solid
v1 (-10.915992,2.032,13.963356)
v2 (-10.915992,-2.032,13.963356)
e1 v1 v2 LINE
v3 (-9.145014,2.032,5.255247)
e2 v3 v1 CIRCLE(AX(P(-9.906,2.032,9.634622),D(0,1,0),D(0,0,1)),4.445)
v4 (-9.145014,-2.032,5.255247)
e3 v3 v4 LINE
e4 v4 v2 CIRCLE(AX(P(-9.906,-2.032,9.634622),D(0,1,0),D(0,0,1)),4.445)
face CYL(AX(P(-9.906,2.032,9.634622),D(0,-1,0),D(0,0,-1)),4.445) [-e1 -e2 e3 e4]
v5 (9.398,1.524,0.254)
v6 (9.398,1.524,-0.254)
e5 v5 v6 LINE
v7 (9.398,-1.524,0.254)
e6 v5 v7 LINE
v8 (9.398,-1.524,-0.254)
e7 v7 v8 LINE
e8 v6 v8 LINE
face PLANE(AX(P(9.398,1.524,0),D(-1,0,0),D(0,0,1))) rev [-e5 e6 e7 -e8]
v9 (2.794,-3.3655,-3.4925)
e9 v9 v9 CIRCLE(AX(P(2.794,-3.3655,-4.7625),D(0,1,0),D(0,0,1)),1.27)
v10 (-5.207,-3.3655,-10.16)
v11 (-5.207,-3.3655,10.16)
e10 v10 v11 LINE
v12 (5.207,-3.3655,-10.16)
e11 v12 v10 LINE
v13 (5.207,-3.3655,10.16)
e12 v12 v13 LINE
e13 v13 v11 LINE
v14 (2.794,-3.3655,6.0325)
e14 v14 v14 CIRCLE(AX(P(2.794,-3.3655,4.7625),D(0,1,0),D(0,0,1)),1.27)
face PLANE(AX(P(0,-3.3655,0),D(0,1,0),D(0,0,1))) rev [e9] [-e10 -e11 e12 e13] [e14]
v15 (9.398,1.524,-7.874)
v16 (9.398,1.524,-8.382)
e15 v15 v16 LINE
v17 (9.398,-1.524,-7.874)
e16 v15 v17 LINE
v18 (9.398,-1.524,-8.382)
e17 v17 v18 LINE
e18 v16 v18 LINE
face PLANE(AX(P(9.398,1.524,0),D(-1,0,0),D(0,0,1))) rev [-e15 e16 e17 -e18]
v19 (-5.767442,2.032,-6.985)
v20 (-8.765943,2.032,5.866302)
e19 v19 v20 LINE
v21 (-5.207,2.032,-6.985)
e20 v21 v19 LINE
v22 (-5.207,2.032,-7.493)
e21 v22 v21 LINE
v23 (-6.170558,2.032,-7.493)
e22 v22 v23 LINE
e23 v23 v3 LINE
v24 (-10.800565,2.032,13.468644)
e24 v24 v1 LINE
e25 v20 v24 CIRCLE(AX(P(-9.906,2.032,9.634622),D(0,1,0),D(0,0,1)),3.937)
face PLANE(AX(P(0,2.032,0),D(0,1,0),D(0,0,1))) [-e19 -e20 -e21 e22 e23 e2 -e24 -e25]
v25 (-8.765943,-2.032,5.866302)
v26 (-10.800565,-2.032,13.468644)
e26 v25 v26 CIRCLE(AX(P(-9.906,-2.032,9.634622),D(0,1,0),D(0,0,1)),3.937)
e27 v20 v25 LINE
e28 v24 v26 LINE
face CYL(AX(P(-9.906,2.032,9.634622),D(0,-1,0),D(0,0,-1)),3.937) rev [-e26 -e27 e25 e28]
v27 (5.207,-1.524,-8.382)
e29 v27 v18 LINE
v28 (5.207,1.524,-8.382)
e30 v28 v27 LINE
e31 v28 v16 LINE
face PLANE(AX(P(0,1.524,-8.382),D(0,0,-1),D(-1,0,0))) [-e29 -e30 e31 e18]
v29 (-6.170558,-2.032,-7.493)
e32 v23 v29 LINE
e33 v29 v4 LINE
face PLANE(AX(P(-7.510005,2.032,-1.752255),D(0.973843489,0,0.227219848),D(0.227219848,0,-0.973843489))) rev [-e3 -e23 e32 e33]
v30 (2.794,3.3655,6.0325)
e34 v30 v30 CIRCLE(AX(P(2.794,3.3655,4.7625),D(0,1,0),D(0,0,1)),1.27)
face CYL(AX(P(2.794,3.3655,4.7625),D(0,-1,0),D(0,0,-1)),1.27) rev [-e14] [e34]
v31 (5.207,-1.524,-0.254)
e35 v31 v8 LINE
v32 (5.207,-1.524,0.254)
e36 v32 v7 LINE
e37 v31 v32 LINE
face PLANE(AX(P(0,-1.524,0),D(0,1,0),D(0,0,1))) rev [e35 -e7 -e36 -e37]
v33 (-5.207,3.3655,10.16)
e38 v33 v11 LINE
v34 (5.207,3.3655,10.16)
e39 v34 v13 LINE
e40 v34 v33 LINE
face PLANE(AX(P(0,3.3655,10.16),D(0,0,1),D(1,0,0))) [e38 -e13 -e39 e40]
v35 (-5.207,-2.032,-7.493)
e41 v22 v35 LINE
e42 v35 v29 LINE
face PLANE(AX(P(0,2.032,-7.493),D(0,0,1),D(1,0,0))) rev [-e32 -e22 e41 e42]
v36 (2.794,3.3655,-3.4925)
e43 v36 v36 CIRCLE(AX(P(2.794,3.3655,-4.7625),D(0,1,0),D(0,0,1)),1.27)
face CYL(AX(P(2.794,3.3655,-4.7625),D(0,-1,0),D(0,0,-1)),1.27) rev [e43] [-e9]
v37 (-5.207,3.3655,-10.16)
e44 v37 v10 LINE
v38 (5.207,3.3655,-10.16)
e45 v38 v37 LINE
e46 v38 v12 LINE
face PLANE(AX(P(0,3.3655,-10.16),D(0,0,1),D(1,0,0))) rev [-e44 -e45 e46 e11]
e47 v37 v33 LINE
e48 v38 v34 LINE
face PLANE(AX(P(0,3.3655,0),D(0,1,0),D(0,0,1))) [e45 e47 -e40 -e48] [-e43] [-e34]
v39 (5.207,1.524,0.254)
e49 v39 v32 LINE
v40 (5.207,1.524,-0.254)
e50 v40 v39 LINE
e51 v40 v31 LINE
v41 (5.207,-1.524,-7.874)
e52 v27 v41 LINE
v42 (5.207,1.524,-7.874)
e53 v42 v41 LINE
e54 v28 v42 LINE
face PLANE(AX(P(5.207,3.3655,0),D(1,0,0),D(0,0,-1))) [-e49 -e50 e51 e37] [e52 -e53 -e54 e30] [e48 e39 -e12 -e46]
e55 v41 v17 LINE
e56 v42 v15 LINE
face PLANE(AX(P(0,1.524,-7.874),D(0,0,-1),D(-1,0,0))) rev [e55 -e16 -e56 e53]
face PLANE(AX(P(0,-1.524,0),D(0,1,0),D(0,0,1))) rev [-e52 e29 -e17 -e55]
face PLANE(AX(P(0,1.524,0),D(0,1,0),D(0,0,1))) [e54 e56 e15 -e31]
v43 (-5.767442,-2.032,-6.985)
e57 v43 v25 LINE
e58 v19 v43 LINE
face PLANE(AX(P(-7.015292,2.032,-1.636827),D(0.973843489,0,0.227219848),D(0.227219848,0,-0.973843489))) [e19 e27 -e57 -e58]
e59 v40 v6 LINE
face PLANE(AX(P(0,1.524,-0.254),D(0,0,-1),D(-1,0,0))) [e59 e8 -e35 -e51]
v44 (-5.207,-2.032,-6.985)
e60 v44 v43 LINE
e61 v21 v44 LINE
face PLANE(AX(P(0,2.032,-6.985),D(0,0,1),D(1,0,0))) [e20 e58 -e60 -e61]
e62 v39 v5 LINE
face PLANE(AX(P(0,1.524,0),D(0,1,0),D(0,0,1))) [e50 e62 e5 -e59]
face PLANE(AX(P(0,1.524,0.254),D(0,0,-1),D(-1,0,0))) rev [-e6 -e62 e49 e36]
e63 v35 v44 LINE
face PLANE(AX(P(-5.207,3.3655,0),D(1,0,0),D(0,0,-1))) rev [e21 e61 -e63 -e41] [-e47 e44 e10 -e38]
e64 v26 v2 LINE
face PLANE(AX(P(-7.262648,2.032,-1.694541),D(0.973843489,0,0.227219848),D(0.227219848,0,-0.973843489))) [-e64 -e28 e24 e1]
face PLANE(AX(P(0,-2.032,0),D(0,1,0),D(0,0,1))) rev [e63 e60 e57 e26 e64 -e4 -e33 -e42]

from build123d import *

# Parameters (mm, degrees)
SKETCH1_R           = 1.27
BOSS_EXTRUDE1_DEPTH = 3.3655
SKETCH1_3_W         = 4.191
SKETCH1_3_H         = 0.508
BOSS_EXTRUDE2_DEPTH = 1.524
BOSS_EXTRUDE3_DEPTH = 2.032


with BuildPart() as part:
    # Sketch1 → Boss-Extrude1 (new, symmetric)
    with BuildSketch(Plane(origin=(0, 0, 0), x_dir=(1, 0, 0), z_dir=(0, 1, 0))):
        Polygon((5.207, 8.382), (5.207, 10.16), (-5.207, 10.16), (-5.207, 7.493), (-5.207, 6.985), (-5.207, -10.16), (5.207, -10.16), (5.207, -0.254), (5.207, 0.254), (5.207, 7.874), align=None)
        with Locations((2.794, -4.7625)):
            Circle(SKETCH1_R, mode=Mode.SUBTRACT)
        with Locations((2.794, 4.7625)):
            Circle(SKETCH1_R, mode=Mode.SUBTRACT)
    extrude(amount=BOSS_EXTRUDE1_DEPTH, both=True)

    # Sketch1<3> → Boss-Extrude2 (add, symmetric)
    with BuildSketch(Plane(origin=(0, 0, 0), x_dir=(1, 0, 0), z_dir=(0, 1, 0))):
        with Locations((7.3025, 8.128)):
            Rectangle(SKETCH1_3_W, SKETCH1_3_H)
        with Locations((7.3025, 0)):
            Rectangle(SKETCH1_3_W, SKETCH1_3_H)
    extrude(amount=BOSS_EXTRUDE2_DEPTH, both=True)

    # Sketch1<4> → Boss-Extrude3 (add, symmetric)
    with BuildSketch(Plane(origin=(0, 0, 0), x_dir=(1, 0, 0), z_dir=(0, 1, 0))):
        with BuildLine():
            Line((-5.207, 6.985), (-5.207, 7.493))
            Line((-5.207, 7.493), (-6.170558218, 7.493))
            Line((-6.170558218, 7.493), (-9.145014336, -5.25524689))
            ThreePointArc((-9.145014336, -5.25524689), (-14.261834387, -8.748771053), (-10.915992225, -13.963356246))
            Line((-10.915992225, -13.963356246), (-10.800564542, -13.468643754))
            ThreePointArc((-10.800564542, -13.468643754), (-13.709152444, -8.616780848), (-8.76594289, -5.866301519))
            Line((-8.76594289, -5.866301519), (-5.767441782, 6.985))
            Line((-5.767441782, 6.985), (-5.207, 6.985))
        make_face()
    extrude(amount=BOSS_EXTRUDE3_DEPTH, both=True)


solid = part.part
